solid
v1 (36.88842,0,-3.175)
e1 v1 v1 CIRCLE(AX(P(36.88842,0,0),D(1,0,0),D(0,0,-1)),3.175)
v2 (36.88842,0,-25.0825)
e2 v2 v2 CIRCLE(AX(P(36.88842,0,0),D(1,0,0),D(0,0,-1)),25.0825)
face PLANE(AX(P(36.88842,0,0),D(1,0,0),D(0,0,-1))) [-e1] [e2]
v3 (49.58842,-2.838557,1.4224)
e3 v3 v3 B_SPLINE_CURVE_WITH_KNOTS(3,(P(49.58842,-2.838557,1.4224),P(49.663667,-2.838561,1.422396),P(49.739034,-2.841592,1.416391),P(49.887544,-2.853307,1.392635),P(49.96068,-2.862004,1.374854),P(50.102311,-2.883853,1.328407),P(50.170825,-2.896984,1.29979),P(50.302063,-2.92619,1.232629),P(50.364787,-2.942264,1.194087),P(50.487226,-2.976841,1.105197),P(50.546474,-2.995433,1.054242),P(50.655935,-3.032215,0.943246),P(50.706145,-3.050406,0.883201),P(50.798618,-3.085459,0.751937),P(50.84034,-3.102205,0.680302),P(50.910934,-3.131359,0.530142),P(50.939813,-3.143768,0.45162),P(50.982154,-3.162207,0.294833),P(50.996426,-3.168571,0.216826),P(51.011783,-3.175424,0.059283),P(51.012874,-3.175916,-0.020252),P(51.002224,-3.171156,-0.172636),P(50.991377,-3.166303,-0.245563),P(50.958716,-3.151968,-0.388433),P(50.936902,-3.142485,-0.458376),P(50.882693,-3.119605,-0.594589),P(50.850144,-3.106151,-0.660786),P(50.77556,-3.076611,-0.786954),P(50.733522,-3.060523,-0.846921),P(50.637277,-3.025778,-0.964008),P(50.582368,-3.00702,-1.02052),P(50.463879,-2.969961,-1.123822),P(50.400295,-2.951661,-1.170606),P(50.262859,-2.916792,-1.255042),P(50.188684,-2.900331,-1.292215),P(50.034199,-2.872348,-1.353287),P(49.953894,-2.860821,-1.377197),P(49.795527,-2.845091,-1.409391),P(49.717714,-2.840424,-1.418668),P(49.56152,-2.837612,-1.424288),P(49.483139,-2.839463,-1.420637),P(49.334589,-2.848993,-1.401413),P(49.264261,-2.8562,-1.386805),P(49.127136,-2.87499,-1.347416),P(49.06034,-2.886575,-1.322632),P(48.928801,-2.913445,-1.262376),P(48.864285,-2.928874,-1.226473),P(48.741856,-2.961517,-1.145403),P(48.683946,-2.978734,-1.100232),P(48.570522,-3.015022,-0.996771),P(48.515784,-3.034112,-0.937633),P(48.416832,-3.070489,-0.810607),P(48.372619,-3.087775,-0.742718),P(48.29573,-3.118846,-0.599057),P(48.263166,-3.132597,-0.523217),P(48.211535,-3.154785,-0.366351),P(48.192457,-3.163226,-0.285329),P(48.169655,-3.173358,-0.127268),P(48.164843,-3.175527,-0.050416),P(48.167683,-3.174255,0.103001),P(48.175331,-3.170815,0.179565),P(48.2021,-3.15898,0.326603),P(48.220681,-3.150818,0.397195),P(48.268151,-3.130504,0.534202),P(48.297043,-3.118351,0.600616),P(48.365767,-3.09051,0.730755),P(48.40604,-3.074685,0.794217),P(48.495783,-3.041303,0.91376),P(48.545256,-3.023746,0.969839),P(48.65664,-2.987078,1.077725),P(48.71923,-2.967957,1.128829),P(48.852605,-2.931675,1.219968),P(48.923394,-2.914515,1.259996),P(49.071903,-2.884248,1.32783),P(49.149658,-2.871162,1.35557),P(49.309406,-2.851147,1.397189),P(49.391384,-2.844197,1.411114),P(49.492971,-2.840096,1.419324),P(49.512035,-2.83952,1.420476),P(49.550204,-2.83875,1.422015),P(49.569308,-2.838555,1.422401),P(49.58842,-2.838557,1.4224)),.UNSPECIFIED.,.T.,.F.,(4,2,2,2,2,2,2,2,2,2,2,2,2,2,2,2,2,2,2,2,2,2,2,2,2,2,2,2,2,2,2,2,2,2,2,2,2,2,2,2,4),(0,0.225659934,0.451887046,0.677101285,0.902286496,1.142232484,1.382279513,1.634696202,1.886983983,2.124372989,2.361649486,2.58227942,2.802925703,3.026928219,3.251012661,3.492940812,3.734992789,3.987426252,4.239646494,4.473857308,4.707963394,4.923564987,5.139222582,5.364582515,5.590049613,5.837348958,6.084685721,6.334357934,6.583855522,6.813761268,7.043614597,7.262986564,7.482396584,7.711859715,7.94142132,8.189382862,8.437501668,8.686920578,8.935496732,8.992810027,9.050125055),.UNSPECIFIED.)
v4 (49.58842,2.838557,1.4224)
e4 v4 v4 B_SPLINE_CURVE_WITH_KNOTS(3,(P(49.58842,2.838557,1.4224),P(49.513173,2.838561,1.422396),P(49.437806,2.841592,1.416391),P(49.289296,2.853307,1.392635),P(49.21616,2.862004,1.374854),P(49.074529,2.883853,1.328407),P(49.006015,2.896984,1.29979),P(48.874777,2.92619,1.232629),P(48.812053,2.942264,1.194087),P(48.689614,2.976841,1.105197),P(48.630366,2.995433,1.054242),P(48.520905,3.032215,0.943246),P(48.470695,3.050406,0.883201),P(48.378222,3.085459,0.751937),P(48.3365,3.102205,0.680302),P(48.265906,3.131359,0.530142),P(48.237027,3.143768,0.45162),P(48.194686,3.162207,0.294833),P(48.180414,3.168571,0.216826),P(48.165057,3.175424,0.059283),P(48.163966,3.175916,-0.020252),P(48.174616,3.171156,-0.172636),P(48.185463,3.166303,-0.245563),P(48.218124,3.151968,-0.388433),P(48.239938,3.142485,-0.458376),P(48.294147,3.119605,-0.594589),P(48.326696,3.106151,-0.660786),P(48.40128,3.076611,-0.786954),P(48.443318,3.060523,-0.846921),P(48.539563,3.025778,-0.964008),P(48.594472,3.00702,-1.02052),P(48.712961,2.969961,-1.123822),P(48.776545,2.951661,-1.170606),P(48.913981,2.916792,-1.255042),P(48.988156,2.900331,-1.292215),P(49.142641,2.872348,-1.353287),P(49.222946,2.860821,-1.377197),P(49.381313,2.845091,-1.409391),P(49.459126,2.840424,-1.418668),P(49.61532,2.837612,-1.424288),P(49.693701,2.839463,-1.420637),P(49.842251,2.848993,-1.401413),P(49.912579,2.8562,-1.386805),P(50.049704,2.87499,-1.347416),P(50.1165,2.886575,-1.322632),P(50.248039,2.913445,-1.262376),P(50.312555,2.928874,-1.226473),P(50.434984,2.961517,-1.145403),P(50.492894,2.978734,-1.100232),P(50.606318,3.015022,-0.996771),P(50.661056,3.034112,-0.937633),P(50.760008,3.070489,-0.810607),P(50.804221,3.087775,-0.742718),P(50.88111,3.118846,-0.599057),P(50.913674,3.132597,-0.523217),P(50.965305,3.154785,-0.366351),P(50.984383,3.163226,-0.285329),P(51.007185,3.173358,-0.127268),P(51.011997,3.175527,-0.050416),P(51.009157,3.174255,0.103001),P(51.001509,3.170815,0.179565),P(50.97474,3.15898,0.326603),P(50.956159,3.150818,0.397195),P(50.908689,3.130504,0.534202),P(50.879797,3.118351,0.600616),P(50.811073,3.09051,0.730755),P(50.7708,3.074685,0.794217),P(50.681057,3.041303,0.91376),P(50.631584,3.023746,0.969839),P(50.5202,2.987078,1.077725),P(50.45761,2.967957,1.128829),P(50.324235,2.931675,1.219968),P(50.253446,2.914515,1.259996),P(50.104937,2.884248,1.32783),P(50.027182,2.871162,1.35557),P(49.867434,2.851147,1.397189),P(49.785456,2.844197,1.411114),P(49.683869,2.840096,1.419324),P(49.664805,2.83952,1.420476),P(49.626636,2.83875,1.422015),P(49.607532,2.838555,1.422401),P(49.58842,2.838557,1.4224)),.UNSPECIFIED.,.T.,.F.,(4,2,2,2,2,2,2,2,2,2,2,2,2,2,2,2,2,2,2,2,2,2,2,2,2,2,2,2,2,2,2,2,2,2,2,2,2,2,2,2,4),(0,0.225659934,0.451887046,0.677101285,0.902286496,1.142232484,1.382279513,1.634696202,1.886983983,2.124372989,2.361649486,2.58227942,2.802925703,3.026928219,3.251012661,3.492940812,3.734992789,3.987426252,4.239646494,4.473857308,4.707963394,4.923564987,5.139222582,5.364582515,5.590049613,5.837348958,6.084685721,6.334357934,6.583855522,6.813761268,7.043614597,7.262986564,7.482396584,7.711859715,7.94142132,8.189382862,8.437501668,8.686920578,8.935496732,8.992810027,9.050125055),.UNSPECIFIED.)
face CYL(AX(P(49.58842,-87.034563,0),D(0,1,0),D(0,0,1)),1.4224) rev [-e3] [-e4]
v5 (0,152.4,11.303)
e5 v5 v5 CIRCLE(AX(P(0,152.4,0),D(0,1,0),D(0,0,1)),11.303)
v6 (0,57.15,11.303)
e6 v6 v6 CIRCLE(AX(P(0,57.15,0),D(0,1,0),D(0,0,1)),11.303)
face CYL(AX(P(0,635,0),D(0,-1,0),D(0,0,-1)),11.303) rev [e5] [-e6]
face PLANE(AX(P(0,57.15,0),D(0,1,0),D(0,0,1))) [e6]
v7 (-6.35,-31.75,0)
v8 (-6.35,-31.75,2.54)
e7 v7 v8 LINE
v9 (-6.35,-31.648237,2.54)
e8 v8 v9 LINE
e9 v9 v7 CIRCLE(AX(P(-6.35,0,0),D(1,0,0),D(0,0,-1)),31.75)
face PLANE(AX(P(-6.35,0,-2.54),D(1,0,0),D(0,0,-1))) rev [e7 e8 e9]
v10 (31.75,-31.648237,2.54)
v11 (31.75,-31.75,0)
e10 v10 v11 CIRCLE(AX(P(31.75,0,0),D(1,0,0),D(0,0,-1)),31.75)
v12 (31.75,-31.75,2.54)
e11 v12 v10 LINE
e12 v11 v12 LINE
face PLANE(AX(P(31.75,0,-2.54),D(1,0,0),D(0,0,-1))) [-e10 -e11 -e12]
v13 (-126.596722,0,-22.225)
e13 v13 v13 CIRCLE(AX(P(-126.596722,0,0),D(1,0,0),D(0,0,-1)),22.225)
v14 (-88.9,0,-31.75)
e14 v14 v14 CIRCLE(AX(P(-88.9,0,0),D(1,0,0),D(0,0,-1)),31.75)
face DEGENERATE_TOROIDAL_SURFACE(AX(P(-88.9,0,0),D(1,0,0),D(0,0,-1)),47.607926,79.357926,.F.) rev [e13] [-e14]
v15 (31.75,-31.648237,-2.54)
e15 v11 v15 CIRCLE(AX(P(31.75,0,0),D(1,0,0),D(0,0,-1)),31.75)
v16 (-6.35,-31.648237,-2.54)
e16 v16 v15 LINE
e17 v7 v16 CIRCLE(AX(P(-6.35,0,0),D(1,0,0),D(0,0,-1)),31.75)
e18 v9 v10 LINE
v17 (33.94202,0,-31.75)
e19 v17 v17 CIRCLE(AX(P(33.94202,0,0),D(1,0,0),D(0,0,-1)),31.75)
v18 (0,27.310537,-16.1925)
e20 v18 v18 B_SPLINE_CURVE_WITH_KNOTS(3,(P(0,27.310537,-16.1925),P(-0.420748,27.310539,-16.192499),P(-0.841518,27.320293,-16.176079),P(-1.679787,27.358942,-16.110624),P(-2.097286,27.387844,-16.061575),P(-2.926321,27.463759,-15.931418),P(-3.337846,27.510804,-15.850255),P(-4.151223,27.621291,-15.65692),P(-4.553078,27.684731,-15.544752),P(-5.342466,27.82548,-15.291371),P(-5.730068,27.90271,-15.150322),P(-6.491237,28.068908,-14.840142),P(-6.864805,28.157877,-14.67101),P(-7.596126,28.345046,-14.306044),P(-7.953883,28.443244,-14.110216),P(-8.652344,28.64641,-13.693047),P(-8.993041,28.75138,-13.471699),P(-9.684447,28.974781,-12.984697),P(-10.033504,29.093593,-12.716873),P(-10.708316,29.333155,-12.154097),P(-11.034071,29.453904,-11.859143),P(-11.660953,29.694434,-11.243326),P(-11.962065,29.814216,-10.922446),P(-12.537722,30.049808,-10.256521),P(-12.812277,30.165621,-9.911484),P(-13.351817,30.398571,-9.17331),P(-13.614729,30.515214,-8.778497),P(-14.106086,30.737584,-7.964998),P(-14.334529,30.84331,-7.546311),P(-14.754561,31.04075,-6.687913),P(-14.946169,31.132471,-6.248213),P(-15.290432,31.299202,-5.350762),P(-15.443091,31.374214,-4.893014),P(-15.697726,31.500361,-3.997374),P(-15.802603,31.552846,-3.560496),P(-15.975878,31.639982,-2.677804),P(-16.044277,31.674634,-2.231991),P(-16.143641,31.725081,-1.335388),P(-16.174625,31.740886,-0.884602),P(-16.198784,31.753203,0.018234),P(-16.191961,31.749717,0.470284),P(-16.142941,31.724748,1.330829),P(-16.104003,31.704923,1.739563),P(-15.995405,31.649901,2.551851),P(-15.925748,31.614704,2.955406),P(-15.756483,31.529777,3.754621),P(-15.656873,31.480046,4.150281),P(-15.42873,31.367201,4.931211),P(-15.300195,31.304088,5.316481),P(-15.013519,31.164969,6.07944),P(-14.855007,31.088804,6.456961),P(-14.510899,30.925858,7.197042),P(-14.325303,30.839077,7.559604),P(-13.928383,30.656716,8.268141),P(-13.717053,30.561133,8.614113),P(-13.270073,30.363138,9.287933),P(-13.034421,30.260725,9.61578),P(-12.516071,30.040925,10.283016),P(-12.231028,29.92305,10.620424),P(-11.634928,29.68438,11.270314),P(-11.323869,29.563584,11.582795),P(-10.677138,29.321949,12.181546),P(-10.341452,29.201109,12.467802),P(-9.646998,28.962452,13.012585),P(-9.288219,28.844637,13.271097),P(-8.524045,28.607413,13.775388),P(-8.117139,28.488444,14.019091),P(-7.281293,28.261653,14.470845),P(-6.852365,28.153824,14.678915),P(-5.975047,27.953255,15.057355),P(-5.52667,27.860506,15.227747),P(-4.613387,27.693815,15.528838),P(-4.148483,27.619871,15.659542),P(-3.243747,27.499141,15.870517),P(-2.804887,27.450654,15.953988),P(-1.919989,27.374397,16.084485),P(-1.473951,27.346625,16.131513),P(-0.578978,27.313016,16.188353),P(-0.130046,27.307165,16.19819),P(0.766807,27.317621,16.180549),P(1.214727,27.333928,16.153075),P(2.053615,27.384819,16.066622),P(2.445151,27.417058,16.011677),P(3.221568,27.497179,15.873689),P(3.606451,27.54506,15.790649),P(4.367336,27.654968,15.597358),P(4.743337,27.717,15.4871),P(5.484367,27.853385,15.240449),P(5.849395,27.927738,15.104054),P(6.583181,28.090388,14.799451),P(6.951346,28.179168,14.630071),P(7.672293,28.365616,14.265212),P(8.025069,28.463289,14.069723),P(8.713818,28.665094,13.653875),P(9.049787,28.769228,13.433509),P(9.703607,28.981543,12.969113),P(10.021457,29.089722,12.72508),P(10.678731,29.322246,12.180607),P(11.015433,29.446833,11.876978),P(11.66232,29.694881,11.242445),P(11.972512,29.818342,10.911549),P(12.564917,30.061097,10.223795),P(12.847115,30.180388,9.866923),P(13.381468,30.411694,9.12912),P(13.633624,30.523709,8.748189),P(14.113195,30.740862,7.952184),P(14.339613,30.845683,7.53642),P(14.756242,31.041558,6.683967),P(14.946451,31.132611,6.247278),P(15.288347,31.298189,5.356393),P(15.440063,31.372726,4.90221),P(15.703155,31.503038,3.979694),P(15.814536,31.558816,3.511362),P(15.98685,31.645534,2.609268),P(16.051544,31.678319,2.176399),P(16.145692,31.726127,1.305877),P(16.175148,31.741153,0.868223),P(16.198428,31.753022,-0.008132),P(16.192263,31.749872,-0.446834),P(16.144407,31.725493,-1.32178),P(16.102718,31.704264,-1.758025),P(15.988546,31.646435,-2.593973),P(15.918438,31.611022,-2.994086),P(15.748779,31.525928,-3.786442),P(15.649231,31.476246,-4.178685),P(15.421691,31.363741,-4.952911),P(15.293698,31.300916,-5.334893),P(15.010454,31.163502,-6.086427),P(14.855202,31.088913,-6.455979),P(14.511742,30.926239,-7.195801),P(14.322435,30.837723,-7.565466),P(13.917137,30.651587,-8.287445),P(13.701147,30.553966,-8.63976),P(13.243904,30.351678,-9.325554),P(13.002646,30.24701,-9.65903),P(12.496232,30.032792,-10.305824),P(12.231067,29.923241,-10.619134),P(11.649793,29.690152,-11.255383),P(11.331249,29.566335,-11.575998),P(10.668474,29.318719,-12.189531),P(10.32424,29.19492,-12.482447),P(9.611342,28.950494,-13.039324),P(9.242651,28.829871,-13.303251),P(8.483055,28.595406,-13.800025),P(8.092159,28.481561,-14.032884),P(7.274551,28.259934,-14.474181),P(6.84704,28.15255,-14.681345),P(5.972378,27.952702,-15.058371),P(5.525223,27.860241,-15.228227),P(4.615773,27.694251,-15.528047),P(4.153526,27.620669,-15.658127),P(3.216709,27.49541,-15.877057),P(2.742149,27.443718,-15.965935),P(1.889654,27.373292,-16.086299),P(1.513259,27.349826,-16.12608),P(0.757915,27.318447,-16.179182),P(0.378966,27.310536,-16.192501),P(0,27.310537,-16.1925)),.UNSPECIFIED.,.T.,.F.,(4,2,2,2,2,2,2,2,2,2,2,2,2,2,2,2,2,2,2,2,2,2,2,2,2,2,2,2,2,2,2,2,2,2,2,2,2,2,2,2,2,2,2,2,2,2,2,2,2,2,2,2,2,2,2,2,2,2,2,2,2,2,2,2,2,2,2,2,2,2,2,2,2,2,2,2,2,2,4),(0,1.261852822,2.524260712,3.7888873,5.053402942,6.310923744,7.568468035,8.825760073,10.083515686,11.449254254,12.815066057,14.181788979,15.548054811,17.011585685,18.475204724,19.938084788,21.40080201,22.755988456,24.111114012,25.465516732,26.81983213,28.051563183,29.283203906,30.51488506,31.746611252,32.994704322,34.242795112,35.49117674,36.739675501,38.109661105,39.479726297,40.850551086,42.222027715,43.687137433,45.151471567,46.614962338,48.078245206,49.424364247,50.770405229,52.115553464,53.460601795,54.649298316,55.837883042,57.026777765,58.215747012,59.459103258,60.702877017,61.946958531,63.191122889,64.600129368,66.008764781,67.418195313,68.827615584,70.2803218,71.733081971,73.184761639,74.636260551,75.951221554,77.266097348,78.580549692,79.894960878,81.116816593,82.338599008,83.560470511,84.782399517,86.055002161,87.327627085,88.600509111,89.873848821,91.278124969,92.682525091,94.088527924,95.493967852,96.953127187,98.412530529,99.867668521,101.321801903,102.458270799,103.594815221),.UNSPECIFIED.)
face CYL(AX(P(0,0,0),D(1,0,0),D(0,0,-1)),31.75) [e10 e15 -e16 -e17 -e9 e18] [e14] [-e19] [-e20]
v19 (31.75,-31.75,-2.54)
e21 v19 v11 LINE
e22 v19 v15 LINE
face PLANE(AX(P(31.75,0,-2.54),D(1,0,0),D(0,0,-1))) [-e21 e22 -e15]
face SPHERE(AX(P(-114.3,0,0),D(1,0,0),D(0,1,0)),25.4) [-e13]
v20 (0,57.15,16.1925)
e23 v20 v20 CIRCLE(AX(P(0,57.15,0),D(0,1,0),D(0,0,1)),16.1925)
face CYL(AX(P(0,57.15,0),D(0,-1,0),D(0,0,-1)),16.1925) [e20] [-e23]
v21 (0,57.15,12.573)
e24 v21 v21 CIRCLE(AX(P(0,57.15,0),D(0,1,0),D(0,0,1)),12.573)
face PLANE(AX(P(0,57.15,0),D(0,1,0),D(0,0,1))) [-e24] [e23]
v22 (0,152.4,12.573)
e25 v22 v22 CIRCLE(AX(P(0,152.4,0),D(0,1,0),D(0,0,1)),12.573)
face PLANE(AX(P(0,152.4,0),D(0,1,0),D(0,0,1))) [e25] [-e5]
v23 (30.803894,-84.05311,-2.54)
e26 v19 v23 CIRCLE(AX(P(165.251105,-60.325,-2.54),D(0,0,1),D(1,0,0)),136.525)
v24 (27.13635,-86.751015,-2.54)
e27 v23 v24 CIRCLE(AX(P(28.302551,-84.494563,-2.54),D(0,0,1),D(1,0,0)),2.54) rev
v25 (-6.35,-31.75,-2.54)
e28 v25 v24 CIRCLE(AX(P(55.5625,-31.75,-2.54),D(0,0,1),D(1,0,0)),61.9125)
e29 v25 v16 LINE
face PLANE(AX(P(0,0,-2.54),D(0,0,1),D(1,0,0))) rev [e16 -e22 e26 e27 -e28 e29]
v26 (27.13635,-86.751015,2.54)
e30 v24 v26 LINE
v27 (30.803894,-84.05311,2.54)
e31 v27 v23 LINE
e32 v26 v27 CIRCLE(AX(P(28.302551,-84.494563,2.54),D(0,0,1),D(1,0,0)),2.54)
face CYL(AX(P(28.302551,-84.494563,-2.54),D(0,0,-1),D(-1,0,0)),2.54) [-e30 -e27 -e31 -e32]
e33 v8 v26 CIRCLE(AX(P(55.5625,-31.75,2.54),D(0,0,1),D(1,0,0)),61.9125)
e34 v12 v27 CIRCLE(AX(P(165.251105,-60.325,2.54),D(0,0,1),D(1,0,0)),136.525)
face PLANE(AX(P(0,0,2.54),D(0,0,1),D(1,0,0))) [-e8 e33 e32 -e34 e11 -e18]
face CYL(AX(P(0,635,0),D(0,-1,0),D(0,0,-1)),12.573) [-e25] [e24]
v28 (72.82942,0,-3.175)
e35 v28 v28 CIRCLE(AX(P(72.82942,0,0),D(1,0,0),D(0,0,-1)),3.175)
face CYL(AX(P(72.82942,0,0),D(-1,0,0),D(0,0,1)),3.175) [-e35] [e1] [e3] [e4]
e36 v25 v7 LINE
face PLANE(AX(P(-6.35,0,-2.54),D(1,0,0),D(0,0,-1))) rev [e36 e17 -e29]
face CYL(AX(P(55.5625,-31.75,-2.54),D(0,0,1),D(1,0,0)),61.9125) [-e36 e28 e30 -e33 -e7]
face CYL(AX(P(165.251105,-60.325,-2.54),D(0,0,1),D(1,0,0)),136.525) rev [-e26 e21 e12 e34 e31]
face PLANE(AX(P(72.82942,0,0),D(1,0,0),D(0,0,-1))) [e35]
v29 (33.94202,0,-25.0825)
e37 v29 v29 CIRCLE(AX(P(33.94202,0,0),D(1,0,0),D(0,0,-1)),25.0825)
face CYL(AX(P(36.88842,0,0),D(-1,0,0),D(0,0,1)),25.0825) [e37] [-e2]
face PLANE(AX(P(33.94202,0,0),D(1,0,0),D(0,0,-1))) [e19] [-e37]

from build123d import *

# Parameters (mm, degrees)
SKETCH2_R                = 12.573
SKETCH2_R_2              = 11.303
BOSS_EXTRUDE1_DEPTH      = 635
SKETCH4_W                = 38.1
SKETCH4_H                = 6.35
BOSS_EXTRUDE3_DEPTH      = 2.54
BOSS_EXTRUDE3_DEPTH_BACK = 2.54
FILLET1_R                = 2.54
SKETCH5_R                = 16.1925
BOSS_EXTRUDE4_DEPTH      = 57.15
SKETCH6_W                = 25.146
SKETCH6_H                = 355.6
CUT_EXTRUDE1_DEPTH       = 32.7500001
CUT_EXTRUDE1_DEPTH_BACK  = 32.7500001
SKETCH7_R                = 36.277914584
CUT_EXTRUDE2_DEPTH       = 4.15798
SKETCH8_R                = 25.0825
BOSS_EXTRUDE5_DEPTH      = 2.9464
SKETCH9_R                = 3.175
BOSS_EXTRUDE6_DEPTH      = 35.941
SKETCH10_R               = 1.4224
CUT_EXTRUDE3_DEPTH       = 280.4
CUT_EXTRUDE3_DEPTH_BACK  = 88.034563121
SKETCH11_R               = 17.161337021
CUT_EXTRUDE4_DEPTH       = 127


with BuildPart() as part:
    # Sketch1 one side → Revolve1 (revolve)
    with BuildSketch(Plane.XY):
        with BuildLine():
            Line((38.1, 31.75), (-88.9, 31.75))
            ThreePointArc((-88.9, 31.75), (-108.34073355, 29.331909563), (-126.596722124, 22.225))
            ThreePointArc((-126.596722124, 22.225), (-136.180319261, 12.90006314), (-139.7, 0))
            Line((-139.7, 0), (-88.9, 0))
            Line((-88.9, 0), (38.1, 0))
            Line((38.1, 0), (38.1, 31.75))
        make_face()
    revolve(axis=Axis((0, 0, 0), (-1, 0, 0)))

    # Sketch2 → Boss-Extrude1 (add)
    with BuildSketch(Plane(origin=(0, 0, 0), x_dir=(1, 0, 0), z_dir=(0, 1, 0))):
        Circle(SKETCH2_R)
        Circle(SKETCH2_R_2, mode=Mode.SUBTRACT)
    extrude(amount=BOSS_EXTRUDE1_DEPTH)

    # Sketch4 → Boss-Extrude3 (add, two sides)
    with BuildSketch(Plane.XY) as boss_extrude3_sk:
        with BuildLine():
            ThreePointArc((31.75, -31.75), (28.726104864, -60.325), (31.75, -88.9))
            ThreePointArc((31.75, -88.9), (4.048186152, -66.092875899), (-6.35, -31.75))
            Line((-6.35, -31.75), (31.75, -31.75))
        make_face()
        with Locations((12.7, -28.575)):
            Rectangle(SKETCH4_W, SKETCH4_H)
    extrude(amount=BOSS_EXTRUDE3_DEPTH)
    extrude(boss_extrude3_sk.sketch, amount=-BOSS_EXTRUDE3_DEPTH_BACK)

    # Fillet1
    fillet1_edges = [part.edges().sort_by_distance(p)[0] for p in [
        (31.75, -88.9, 0),
    ]]
    fillet(fillet1_edges, radius=FILLET1_R)

    # Sketch5 → Boss-Extrude4 (add)
    with BuildSketch(Plane(origin=(0, 0, 0), x_dir=(1, 0, 0), z_dir=(0, 1, 0))):
        Circle(SKETCH5_R)
    extrude(amount=BOSS_EXTRUDE4_DEPTH)

    # Sketch6 → Cut-Extrude1 (cut, two sides)
    with BuildSketch(Plane.XY) as cut_extrude1_sk:
        with Locations((0, 457.2)):
            Rectangle(SKETCH6_W, SKETCH6_H)
    extrude(amount=CUT_EXTRUDE1_DEPTH, mode=Mode.SUBTRACT)
    extrude(cut_extrude1_sk.sketch, amount=-CUT_EXTRUDE1_DEPTH_BACK, mode=Mode.SUBTRACT)

    # Sketch7 → Cut-Extrude2 (cut)
    with BuildSketch(Plane(origin=(38.1, 0, 0), x_dir=(0, 0, -1), z_dir=(1, 0, 0))):
        Circle(SKETCH7_R)
    extrude(amount=-CUT_EXTRUDE2_DEPTH, mode=Mode.SUBTRACT)

    # Sketch8 → Boss-Extrude5 (add)
    with BuildSketch(Plane(origin=(33.94202, 0, 0), x_dir=(0, 0, -1), z_dir=(1, 0, 0))):
        Circle(SKETCH8_R)
    extrude(amount=BOSS_EXTRUDE5_DEPTH)

    # Sketch9 → Boss-Extrude6 (add)
    with BuildSketch(Plane(origin=(36.88842, 0, 0), x_dir=(0, 0, -1), z_dir=(1, 0, 0))):
        Circle(SKETCH9_R)
    extrude(amount=BOSS_EXTRUDE6_DEPTH)

    # Sketch10 → Cut-Extrude3 (cut, two sides)
    with BuildSketch(Plane(origin=(0, 0, 0), x_dir=(1, 0, 0), z_dir=(0, 1, 0))) as cut_extrude3_sk:
        with Locations((49.58842, 0)):
            Circle(SKETCH10_R)
    extrude(amount=CUT_EXTRUDE3_DEPTH, mode=Mode.SUBTRACT)
    extrude(cut_extrude3_sk.sketch, amount=-CUT_EXTRUDE3_DEPTH_BACK, mode=Mode.SUBTRACT)

    # Sketch11 → Cut-Extrude4 (cut)
    with BuildSketch(Plane(origin=(0, 279.4, 0), x_dir=(1, 0, 0), z_dir=(0, 1, 0))):
        Circle(SKETCH11_R)
    extrude(amount=-CUT_EXTRUDE4_DEPTH, mode=Mode.SUBTRACT)


solid = part.part
